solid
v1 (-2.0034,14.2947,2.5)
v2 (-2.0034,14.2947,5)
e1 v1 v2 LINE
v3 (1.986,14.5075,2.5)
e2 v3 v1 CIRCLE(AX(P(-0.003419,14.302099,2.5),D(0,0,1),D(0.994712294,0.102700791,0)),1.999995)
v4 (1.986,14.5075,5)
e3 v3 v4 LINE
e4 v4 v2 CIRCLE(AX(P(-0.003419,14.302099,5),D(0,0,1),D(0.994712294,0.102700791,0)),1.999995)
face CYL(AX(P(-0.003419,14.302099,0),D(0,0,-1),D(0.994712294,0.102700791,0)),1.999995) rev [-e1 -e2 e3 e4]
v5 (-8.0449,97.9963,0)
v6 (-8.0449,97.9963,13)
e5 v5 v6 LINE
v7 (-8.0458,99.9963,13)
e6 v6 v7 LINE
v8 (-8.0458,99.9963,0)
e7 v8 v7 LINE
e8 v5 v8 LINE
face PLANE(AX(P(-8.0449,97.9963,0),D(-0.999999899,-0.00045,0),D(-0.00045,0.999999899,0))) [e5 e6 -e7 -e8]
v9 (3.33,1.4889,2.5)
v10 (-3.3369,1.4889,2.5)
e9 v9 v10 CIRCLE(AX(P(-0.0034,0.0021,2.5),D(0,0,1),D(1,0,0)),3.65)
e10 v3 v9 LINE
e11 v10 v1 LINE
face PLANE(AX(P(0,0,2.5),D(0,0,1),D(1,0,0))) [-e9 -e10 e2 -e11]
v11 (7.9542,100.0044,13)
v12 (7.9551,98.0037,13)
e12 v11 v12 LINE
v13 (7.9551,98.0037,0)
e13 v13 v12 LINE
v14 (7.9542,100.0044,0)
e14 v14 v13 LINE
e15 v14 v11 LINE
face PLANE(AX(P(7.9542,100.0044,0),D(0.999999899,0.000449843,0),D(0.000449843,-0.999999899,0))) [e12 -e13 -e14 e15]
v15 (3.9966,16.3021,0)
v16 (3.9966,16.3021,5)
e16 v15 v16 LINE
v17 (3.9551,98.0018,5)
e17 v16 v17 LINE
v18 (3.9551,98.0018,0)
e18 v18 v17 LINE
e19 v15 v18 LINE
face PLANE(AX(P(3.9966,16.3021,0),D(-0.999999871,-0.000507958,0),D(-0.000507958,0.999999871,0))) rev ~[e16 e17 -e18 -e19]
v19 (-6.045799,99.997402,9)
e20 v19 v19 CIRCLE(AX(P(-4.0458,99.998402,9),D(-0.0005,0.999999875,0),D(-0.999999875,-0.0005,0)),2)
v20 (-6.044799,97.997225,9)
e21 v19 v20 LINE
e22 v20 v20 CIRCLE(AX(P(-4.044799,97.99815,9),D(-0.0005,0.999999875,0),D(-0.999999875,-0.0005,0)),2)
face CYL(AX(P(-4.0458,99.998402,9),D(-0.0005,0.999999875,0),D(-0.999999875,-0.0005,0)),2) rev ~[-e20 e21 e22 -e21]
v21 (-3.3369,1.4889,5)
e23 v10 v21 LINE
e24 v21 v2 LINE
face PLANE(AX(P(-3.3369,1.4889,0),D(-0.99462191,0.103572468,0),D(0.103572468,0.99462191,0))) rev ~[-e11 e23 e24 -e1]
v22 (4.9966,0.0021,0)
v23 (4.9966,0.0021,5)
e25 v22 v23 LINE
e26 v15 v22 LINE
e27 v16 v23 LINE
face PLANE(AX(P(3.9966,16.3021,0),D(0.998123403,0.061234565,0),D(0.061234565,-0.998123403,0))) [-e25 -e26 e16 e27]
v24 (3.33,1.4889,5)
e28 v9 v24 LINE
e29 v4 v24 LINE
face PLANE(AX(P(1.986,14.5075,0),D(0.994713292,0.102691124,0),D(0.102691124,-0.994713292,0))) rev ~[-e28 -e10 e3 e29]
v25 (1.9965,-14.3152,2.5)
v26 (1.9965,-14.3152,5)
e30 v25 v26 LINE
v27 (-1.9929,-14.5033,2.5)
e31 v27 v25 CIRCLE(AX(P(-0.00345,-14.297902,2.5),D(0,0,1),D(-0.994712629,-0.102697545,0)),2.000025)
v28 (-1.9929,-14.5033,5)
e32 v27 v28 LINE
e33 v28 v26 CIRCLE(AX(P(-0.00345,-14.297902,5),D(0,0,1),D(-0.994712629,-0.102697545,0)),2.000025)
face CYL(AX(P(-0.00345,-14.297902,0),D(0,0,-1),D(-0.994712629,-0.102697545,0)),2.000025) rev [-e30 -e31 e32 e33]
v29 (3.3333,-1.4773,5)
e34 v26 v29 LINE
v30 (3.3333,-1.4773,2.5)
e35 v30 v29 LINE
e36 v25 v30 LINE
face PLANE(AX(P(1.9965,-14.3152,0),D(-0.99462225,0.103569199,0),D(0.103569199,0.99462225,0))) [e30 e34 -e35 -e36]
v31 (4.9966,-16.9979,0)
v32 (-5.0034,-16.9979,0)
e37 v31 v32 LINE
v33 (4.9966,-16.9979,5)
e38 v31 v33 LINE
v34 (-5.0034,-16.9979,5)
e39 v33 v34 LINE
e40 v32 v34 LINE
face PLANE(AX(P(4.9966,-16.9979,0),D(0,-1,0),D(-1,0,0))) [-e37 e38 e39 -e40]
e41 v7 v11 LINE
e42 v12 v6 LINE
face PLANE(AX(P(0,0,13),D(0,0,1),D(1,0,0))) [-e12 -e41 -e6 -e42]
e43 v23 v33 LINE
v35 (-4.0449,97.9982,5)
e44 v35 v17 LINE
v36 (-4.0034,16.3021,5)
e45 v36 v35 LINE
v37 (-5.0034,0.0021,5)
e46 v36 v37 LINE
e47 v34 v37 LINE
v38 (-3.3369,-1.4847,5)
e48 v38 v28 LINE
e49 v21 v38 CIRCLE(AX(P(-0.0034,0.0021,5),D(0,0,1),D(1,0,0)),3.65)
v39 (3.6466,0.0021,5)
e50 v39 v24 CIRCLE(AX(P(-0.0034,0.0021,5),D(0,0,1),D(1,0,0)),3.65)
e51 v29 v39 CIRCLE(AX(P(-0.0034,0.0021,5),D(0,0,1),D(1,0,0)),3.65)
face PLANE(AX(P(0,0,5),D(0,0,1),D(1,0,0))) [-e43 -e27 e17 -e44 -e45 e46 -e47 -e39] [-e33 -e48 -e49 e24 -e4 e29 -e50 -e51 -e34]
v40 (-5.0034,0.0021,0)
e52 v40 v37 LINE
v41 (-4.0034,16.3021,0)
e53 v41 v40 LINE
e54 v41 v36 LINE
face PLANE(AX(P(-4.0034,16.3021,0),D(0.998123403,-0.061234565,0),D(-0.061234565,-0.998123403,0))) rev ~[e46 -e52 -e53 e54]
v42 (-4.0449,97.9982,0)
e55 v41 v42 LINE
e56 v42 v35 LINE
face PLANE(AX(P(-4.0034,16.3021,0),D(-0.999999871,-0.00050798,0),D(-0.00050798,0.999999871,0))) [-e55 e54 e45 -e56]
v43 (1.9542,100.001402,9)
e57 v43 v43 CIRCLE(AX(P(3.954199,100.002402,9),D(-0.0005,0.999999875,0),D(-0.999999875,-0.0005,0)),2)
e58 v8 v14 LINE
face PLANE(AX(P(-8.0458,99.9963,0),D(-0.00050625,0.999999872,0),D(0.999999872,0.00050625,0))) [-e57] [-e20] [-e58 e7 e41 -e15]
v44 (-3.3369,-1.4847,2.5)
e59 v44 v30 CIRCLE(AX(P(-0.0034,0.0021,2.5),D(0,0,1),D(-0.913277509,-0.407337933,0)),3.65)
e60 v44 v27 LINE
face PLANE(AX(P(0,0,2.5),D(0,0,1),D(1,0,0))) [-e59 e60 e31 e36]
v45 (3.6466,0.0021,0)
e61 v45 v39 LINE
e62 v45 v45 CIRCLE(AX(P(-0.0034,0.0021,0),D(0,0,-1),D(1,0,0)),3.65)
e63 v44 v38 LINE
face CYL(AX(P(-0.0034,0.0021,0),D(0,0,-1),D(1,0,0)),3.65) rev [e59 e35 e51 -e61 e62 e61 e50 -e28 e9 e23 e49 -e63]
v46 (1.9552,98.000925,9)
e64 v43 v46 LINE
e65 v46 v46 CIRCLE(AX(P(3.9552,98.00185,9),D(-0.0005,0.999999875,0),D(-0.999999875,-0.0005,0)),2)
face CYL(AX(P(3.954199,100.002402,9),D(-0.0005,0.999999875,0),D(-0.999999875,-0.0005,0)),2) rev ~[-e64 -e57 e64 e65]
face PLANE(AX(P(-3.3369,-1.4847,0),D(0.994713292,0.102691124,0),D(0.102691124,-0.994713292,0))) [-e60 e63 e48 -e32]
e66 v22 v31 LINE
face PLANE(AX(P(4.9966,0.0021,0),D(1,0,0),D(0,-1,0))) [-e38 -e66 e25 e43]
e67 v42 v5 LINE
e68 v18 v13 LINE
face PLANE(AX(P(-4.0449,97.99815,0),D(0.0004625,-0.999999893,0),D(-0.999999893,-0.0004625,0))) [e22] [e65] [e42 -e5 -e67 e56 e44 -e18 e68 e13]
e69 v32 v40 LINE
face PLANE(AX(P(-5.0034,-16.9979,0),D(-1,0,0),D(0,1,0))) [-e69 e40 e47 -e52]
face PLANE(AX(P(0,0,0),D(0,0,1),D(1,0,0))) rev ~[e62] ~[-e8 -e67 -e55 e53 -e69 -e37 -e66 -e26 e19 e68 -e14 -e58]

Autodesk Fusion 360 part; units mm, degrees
sketch "arm sketch" plane through (0, 0, 0) normal (0, 0, 1) x (1, 0, 0)
  circle A0 centre (-0.0034, 0.0021) radius 3.65
  arc A1 (-0.0006, -3.625) -> (0, -3.625) centre (0, 0) ccw
  line L0 (0, -3.625) -> (0, -3.6479)
  line L1 (0, -3.625) -> (0, -3.6479)
  line L2 (1.986, 14.5075) -> (3.33, 1.4889)
  line L3 (-3.3369, 1.4889) -> (-2.0034, 14.2947)
  line L4 (-3.3369, -1.4847) -> (-1.9929, -14.5033)
  line L5 (1.9965, -14.3152) -> (3.3333, -1.4773)
  line L6 (-4.0034, 16.3021) -> (-5.0034, 0.0021)
  line L7 (3.9966, 16.3021) -> (4.9966, 0.0021)
  line L8 (4.9966, 0.0021) -> (4.9966, -16.9979)
  line L9 (-5.0034, -17.9979) -> (-5.0034, 0.0021)
  line L10 (4.9966, -16.9979) -> (-5.0034, -16.9979)
  line L11 (-0.0449, 98) -> (7.9551, 98.0037)
  line L12 (-0.0449, 98) -> (-8.0449, 97.9963)
  line L13 (-4.0034, 16.3021) -> (-4.0449, 97.9982)
  line L14 (3.9966, 16.3021) -> (3.9551, 98.0018)
  line L15 (-8.0449, 97.9963) -> (-8.0458, 99.9963)
  line L16 (-8.0458, 99.9963) -> (7.9542, 100.0044)
  line L17 (7.9542, 100.0044) -> (7.9551, 98.0037)
  arc A2 (-1.9929, -14.5033) -> (1.9965, -14.3152) centre (-0.0034, -14.2979) ccw
  arc A3 (1.986, 14.5075) -> (-2.0034, 14.2947) centre (-0.0034, 14.3021) ccw
  dimension "d13" = 7.3
  dimension "d30" = 14.3
  dimension "d31" = 14.3
  dimension "d32" = 4
  dimension "d33" = 4
  dimension "d50" = 5
  dimension "d52" = 5
  dimension "d55" = 1
  dimension "d69" = 98
  dimension "d71" = 8
  dimension "d72" = 8
  dimension "d73" = 2
  dimension "d74" = 16
extrude "Extrude14" add sketch "arm sketch" along normal blind 2.5 contours A0 L2 L3 A3 | A0 L4 L5 A2 makes body 1 at (-0.0069, 10.8181, 0) makes body 2 at (0.0014, -10.8221, 0)
extrude "Extrude15" add sketch "arm sketch" along normal blind 5 contours L6 L7 L8 L9 L10 L11 L12 L13 L14 bodies 1 2
extrude "Extrude16" add sketch "arm sketch" along normal blind 13 contours L11 L12 L15 L16 L17 bodies 1
sketch "bolts" plane through (-0.0507, 100.0004, 0) normal (-0.0005, 1, 0) x (-1, -0.0005, 0)
  line L0 (-8.0049, 0) -> (7.9951, 0)
  line L1 (7.9951, 0) -> (7.9951, 13)
  line L2 (7.9951, 13) -> (-8.0049, 13)
  line L3 (-8.0049, 13) -> (-8.0049, 0)
  circle A0 centre (-4.0049, 9) radius 2
  circle A1 centre (3.9951, 9) radius 2
  dimension "d85" = 8
  dimension "d86" = 4
  dimension "d87" = 4
extrude "Extrude17" cut sketch "bolts" against normal blind 5 contours A0 | A1 bodies 1
